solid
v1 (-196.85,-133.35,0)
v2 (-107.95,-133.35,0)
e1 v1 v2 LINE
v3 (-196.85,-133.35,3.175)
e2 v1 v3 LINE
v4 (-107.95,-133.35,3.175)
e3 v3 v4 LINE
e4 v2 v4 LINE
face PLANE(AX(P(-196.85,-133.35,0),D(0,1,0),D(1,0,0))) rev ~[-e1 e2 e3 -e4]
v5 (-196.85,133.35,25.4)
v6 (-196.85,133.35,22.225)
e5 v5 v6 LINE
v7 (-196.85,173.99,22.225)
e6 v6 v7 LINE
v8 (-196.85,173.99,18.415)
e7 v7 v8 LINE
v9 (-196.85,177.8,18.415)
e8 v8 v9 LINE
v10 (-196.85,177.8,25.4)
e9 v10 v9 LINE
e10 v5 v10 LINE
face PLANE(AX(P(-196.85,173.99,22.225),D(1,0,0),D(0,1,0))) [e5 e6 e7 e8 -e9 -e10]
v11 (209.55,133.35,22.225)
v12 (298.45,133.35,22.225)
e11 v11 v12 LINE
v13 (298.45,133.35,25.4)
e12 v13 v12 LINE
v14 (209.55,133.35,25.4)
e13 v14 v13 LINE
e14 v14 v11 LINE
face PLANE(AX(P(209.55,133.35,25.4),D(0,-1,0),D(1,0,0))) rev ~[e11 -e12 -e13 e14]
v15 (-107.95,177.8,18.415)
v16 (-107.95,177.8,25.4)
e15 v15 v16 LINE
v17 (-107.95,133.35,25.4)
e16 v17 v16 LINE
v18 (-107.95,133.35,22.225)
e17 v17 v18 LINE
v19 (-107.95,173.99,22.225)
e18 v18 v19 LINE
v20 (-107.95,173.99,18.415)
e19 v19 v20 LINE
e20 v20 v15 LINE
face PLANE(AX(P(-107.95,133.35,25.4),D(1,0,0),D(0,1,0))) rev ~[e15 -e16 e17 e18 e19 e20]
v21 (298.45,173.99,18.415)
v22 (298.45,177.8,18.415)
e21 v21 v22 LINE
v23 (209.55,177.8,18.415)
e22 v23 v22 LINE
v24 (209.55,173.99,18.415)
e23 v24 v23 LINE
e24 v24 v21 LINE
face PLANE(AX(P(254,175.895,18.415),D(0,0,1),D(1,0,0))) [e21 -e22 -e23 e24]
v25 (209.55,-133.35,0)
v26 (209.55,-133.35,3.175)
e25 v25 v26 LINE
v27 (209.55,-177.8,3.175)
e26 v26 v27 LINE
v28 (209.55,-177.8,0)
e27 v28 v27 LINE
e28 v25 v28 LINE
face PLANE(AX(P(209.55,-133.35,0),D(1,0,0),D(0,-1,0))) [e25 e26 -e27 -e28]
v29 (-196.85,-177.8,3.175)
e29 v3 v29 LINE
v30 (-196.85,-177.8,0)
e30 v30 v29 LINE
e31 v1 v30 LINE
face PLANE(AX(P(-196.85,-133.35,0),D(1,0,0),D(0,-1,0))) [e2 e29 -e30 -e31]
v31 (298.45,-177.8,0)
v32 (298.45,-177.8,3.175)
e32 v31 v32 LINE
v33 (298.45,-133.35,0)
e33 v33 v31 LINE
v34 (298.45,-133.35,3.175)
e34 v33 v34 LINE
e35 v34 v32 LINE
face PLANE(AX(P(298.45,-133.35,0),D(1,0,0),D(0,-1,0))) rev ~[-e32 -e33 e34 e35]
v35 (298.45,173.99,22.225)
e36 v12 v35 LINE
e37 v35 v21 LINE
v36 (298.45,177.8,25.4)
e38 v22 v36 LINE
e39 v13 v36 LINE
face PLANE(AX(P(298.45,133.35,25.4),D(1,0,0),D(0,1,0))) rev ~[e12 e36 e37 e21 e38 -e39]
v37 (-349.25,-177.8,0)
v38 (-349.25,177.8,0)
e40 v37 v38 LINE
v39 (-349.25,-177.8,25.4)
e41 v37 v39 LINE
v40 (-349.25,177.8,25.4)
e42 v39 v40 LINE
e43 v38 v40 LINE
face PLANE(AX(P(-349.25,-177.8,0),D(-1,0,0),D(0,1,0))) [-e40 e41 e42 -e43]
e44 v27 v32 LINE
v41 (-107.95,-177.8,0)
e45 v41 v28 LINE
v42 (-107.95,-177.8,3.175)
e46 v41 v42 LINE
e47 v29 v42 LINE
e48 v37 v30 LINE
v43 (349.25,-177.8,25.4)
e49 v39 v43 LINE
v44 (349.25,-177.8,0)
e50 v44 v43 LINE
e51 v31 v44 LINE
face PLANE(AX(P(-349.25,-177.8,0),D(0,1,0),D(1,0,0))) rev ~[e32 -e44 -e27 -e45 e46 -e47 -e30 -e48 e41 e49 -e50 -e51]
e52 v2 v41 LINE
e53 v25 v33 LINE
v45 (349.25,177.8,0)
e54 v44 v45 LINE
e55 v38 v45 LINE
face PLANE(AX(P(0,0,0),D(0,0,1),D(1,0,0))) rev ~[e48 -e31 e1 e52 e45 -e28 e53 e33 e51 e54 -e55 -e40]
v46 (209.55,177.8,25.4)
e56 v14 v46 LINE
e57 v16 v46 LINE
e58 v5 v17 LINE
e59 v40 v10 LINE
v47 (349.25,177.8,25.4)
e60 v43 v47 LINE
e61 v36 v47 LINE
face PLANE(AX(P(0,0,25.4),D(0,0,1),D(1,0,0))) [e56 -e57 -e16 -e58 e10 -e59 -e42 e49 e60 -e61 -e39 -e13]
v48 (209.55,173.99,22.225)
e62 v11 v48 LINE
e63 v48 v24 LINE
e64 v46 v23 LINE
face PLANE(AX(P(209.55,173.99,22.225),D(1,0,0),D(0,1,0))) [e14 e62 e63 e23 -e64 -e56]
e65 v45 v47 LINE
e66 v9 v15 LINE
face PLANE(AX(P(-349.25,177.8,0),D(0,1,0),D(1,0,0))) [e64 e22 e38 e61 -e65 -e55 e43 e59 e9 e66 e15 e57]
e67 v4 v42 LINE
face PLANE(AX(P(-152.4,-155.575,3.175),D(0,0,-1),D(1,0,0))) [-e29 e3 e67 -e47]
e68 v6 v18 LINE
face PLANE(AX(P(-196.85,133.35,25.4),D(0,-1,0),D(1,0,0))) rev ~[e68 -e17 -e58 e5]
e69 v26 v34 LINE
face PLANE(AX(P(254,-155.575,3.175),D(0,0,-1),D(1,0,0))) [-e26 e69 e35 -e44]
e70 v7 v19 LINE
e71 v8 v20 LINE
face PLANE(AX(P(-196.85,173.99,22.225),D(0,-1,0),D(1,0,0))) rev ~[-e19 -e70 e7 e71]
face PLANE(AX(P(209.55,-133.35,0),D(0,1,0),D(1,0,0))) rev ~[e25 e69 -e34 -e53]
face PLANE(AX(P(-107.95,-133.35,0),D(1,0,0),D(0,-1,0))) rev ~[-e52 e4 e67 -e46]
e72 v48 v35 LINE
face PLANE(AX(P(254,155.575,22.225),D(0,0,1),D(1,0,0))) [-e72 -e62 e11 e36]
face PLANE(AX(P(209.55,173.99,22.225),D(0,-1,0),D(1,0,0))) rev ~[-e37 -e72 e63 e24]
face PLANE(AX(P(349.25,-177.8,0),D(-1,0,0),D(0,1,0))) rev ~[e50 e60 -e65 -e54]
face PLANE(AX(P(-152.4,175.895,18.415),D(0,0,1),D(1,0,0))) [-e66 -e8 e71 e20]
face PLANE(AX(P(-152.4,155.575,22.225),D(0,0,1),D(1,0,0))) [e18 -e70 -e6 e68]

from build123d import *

# Parameters (mm, degrees)
F0_W     = 698.5
F0_H     = 355.6
F1_DEPTH = 25.4
F2_W     = 88.9
F2_H     = 44.45
F3_DEPTH = 3.175
F4_W     = 88.9
F4_H     = 44.45
F5_DEPTH = 3.175
F6_W     = 88.9
F6_H     = 3.81
F7_DEPTH = 3.81
F8_W     = 88.9
F8_H     = 3.81
F9_DEPTH = 3.81


with BuildPart() as f1:
    # F0 (on Top) → F1 (new body)
    with BuildSketch(Plane.XY):
        Rectangle(F0_W, F0_H)
    extrude(amount=F1_DEPTH)

    # F2 (on face) → F3 (cut)
    with BuildSketch(Plane.XY.offset(25.4)):
        with Locations((-152.4, 155.575)):
            Rectangle(F2_W, F2_H)
        with Locations((254, 155.575)):
            Rectangle(F2_W, F2_H)
    extrude(amount=-F3_DEPTH, mode=Mode.SUBTRACT)

    # F4 (on face) → F5 (cut)
    with BuildSketch(Plane(origin=(0, 0, 0), x_dir=(1, 0, 0), z_dir=(0, 0, -1))):
        with Locations((254, 155.575)):
            Rectangle(F4_W, F4_H)
        with Locations((-152.4, 155.575)):
            Rectangle(F4_W, F4_H)
    extrude(amount=-F5_DEPTH, mode=Mode.SUBTRACT)

    # F6 (on face) → F7 (cut)
    with BuildSketch(Plane.XY.offset(22.225)):
        with Locations((-152.4, 175.895)):
            Rectangle(F6_W, F6_H)
    extrude(amount=-F7_DEPTH, mode=Mode.SUBTRACT)

    # F8 (on face) → F9 (cut)
    with BuildSketch(Plane.XY.offset(22.225)):
        with Locations((254, 175.895)):
            Rectangle(F8_W, F8_H)
    extrude(amount=-F9_DEPTH, mode=Mode.SUBTRACT)


solid = f1.part
